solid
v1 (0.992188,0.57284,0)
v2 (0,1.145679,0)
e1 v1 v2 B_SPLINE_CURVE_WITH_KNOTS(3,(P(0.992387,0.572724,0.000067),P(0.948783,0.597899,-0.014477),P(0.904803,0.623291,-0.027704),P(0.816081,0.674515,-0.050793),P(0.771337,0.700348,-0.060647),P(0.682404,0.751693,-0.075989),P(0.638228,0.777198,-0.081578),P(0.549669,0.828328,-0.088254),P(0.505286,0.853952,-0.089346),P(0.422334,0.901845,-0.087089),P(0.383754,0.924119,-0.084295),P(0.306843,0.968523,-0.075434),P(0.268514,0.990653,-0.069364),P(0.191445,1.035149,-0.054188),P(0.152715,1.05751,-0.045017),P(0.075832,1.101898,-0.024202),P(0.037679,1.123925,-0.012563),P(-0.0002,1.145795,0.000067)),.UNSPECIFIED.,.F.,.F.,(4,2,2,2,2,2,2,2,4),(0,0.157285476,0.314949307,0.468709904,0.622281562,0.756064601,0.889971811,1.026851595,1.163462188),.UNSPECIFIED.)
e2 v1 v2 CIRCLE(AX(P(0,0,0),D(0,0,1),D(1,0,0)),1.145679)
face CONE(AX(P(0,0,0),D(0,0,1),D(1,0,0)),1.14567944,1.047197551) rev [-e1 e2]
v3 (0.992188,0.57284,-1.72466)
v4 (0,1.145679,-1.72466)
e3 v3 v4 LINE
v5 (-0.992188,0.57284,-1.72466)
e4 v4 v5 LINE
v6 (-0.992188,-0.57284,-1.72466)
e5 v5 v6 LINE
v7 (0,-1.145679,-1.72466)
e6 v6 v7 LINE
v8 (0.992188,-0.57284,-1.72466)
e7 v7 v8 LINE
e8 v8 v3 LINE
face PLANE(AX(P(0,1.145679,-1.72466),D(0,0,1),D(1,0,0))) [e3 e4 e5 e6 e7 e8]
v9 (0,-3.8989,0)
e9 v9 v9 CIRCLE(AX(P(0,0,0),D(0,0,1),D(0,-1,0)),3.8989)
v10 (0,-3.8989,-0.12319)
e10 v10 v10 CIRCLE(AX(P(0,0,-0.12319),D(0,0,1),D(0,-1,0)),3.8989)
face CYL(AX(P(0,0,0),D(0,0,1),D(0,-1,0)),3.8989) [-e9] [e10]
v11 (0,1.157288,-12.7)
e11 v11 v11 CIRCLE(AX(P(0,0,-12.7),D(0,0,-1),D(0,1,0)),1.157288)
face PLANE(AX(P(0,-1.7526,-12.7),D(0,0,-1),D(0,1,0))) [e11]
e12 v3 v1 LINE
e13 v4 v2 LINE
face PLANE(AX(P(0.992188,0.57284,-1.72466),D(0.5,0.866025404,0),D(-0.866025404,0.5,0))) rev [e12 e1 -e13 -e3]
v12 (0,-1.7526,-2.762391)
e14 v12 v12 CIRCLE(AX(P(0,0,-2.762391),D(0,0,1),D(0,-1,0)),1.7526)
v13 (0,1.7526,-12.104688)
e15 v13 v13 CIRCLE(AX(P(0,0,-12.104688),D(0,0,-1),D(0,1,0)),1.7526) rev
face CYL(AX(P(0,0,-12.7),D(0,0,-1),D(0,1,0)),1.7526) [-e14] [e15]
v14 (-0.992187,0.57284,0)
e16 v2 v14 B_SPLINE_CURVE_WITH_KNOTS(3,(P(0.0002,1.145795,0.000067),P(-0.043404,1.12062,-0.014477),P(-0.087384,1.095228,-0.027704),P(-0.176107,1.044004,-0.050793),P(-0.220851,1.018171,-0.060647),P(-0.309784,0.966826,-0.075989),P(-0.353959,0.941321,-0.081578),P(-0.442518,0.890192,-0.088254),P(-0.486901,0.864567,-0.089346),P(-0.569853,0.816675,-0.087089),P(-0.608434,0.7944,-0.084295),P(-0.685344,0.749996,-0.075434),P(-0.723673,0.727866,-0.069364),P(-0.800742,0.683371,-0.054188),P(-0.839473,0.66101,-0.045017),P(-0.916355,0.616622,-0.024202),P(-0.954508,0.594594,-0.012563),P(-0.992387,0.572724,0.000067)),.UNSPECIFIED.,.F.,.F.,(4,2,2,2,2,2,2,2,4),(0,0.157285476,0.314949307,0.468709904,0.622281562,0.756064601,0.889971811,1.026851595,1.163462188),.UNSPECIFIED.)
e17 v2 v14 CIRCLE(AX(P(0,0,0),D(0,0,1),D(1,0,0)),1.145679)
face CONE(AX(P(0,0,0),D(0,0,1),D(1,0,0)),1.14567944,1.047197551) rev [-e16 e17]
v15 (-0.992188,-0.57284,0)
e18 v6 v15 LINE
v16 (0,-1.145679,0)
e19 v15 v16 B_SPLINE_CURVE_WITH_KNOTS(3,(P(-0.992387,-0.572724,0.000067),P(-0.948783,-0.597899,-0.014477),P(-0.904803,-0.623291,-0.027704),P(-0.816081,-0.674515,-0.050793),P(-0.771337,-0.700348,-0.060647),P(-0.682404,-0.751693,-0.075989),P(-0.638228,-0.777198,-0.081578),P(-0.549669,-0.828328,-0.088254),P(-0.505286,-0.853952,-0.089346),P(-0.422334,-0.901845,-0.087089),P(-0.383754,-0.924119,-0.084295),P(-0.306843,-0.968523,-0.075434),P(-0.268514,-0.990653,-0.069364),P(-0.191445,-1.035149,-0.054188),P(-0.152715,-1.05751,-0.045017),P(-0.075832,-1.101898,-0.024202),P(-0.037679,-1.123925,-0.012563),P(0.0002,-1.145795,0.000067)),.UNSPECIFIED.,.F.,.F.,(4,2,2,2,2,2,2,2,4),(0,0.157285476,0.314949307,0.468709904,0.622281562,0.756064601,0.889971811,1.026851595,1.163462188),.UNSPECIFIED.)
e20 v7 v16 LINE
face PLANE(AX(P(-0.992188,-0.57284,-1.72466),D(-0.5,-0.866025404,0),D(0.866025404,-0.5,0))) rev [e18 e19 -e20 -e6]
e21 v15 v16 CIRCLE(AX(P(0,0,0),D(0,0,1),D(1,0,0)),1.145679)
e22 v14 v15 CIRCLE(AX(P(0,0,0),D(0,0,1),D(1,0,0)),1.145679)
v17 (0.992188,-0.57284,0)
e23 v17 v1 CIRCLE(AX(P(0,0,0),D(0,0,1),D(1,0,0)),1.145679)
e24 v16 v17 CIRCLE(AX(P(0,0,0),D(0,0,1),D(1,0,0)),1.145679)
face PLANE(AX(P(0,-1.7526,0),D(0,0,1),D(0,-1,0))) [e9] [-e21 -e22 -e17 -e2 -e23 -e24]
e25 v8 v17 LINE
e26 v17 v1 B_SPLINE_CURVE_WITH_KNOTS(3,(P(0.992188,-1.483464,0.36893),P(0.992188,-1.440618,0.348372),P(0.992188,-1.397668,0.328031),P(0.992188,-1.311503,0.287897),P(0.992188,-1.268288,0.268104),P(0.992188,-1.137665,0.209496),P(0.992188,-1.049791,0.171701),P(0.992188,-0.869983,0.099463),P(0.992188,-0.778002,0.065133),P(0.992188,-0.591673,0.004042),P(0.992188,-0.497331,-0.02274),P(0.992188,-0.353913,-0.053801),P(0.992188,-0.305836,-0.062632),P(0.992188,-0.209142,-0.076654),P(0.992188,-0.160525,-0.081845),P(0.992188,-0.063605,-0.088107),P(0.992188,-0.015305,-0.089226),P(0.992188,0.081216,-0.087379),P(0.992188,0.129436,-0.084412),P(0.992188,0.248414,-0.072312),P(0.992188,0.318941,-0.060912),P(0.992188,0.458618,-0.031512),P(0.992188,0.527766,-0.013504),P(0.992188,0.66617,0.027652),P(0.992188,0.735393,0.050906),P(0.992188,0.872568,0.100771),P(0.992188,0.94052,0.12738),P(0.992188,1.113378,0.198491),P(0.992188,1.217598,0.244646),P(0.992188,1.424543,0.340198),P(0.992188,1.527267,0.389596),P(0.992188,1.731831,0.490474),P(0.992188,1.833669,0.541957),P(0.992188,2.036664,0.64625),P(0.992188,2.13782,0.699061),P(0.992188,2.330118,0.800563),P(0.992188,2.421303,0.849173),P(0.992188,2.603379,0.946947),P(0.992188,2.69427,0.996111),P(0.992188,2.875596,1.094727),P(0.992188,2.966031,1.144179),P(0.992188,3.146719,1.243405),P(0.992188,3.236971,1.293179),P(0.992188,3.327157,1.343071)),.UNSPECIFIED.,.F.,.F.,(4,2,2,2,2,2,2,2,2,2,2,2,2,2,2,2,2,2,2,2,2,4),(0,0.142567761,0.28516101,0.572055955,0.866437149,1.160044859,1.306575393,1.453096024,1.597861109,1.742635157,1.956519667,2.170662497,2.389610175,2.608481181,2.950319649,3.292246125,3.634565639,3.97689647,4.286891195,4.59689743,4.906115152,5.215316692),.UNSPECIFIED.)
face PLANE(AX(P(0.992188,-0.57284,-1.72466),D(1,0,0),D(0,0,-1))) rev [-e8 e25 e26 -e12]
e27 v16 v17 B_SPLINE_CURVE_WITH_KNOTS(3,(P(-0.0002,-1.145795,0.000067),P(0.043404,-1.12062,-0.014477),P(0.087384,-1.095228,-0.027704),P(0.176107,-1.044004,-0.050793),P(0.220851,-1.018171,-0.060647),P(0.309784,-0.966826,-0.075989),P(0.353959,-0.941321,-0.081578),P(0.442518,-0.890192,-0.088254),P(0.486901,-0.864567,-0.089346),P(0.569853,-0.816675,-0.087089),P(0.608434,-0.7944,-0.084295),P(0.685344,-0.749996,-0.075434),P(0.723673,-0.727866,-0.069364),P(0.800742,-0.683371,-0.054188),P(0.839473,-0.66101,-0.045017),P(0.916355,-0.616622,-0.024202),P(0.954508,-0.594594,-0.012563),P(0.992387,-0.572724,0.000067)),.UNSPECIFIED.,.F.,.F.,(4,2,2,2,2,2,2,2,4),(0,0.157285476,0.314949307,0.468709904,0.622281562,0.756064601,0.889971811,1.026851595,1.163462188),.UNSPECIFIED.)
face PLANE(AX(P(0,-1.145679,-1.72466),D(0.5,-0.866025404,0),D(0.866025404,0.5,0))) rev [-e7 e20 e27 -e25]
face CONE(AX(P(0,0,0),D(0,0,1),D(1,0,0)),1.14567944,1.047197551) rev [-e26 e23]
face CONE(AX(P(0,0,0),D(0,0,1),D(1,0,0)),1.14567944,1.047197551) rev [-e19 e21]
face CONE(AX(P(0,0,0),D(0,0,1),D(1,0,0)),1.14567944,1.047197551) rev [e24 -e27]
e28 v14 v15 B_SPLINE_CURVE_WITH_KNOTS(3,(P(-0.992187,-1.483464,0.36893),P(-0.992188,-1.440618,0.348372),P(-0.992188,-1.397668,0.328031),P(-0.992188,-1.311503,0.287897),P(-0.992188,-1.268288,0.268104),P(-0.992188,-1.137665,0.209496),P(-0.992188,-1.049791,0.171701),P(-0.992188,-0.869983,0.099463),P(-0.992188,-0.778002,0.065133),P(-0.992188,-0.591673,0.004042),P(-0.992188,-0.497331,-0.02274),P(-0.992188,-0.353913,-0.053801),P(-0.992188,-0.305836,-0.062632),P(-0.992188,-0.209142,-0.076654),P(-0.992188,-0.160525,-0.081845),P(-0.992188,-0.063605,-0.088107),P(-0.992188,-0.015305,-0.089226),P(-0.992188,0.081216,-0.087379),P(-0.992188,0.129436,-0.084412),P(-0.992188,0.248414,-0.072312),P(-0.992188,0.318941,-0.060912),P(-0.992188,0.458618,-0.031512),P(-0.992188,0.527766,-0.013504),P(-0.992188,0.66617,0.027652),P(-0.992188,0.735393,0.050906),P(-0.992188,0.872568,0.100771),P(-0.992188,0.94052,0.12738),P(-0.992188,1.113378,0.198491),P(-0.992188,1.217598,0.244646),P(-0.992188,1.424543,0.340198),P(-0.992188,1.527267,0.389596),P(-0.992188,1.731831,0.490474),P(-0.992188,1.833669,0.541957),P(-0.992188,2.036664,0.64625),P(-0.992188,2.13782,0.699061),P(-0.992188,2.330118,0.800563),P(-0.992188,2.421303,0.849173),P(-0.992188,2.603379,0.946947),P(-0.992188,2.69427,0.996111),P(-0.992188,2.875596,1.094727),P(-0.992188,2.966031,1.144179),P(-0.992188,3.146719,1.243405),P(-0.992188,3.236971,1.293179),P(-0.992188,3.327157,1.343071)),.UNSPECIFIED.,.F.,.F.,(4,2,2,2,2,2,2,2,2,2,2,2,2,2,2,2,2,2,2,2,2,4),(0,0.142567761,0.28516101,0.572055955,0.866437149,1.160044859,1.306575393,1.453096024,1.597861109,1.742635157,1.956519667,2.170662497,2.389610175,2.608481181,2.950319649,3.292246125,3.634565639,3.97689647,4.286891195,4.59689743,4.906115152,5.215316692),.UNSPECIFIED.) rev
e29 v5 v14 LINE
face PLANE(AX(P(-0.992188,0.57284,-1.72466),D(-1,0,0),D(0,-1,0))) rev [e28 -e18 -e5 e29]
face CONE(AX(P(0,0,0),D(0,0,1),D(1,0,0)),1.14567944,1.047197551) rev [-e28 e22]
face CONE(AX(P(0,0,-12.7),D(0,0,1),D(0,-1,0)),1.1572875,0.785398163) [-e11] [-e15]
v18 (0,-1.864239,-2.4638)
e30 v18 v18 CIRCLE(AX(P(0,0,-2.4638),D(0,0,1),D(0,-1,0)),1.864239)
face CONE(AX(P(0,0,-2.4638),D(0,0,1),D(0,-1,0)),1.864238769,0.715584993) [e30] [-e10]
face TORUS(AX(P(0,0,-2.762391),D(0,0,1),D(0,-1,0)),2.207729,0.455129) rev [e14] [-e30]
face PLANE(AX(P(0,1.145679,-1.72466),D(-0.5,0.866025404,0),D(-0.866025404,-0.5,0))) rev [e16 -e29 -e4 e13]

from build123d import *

# Parameters (mm, degrees)
SKETCH1_W          = 12.7
SKETCH1_H          = 1.7526
CHAMFER1_SIZE      = 0.5953125
CUT_EXTRUDE2_DEPTH = 1.72466


with BuildPart() as part:
    # Sketch1 → Revolve1 (revolve)
    with BuildSketch(Plane(origin=(0, 0, 0), x_dir=(0, 0, -1), z_dir=(1, 0, 0))):
        with Locations((6.35, 0.8763)):
            Rectangle(SKETCH1_W, SKETCH1_H)
    revolve(axis=Axis((0, 0, -12.7), (0, 0, 1)))

    # Chamfer1
    chamfer1_edges = [part.edges().sort_by_distance(p)[0] for p in [
        (0, -1.7526, -12.7),
    ]]
    chamfer(chamfer1_edges, length=CHAMFER1_SIZE)

    # Sketch7 → Revolve2 (revolve)
    with BuildSketch(Plane(origin=(0, 0, 0), x_dir=(0, 0, -1), z_dir=(1, 0, 0)), mode=Mode.PRIVATE) as revolve2_sk:
        with BuildLine():
            Line((0, 3.8989), (0.12319, 3.8989))
            Line((0.12319, 3.8989), (2.4638, 1.864238769))
            ThreePointArc((2.4638, 1.864238769), (2.603001936, 1.781422319), (2.76239145, 1.7526))
            Line((2.76239145, 1.7526), (2.76239145, 0))
            Line((2.76239145, 0), (0, 0))
            Line((0, 0), (0, 3.8989))
        make_face()
    revolve(revolve2_sk.sketch.rotate(Axis((0, 0, 0), (0, 0, -1)), 180), axis=Axis((0, 0, 0), (0, 0, -1)))

    # Boss-Extrude1 cone 1 section (through the dimple's axis) → Boss-Extrude1 (revolve)
    with BuildSketch(Plane(origin=(0, 0, -2.76239145), x_dir=(0, -1, 0), z_dir=(1, 0, 0))):
        Polygon((0, 0), (1.7526, 0), (0, 1.692466147), align=None)
    revolve(axis=Axis((0, 0, -2.76239145), (0, 0, -1)))

    # Sketch5 → Cut-Extrude2 (cut)
    with BuildSketch(Plane.XY):
        Polygon((0, 1.14567944), (-0.9921875, 0.57283972), (-0.9921875, -0.57283972), (0, -1.14567944), (0.9921875, -0.57283972), (0.9921875, 0.57283972), align=None)
    extrude(amount=-CUT_EXTRUDE2_DEPTH, mode=Mode.SUBTRACT)

    # Cut-Extrude3 cone 1 section (through the dimple's axis) → Cut-Extrude3 (revolve, cut)
    with BuildSketch(Plane(origin=(0, 0, 0), x_dir=(0, -1, 0), z_dir=(1, 0, 0))):
        Polygon((0, 0), (1.14567944, 0), (0, 0.661458333), align=None)
    revolve(axis=Axis((0, 0, 0), (0, 0, -1)), mode=Mode.SUBTRACT)


solid = part.part
